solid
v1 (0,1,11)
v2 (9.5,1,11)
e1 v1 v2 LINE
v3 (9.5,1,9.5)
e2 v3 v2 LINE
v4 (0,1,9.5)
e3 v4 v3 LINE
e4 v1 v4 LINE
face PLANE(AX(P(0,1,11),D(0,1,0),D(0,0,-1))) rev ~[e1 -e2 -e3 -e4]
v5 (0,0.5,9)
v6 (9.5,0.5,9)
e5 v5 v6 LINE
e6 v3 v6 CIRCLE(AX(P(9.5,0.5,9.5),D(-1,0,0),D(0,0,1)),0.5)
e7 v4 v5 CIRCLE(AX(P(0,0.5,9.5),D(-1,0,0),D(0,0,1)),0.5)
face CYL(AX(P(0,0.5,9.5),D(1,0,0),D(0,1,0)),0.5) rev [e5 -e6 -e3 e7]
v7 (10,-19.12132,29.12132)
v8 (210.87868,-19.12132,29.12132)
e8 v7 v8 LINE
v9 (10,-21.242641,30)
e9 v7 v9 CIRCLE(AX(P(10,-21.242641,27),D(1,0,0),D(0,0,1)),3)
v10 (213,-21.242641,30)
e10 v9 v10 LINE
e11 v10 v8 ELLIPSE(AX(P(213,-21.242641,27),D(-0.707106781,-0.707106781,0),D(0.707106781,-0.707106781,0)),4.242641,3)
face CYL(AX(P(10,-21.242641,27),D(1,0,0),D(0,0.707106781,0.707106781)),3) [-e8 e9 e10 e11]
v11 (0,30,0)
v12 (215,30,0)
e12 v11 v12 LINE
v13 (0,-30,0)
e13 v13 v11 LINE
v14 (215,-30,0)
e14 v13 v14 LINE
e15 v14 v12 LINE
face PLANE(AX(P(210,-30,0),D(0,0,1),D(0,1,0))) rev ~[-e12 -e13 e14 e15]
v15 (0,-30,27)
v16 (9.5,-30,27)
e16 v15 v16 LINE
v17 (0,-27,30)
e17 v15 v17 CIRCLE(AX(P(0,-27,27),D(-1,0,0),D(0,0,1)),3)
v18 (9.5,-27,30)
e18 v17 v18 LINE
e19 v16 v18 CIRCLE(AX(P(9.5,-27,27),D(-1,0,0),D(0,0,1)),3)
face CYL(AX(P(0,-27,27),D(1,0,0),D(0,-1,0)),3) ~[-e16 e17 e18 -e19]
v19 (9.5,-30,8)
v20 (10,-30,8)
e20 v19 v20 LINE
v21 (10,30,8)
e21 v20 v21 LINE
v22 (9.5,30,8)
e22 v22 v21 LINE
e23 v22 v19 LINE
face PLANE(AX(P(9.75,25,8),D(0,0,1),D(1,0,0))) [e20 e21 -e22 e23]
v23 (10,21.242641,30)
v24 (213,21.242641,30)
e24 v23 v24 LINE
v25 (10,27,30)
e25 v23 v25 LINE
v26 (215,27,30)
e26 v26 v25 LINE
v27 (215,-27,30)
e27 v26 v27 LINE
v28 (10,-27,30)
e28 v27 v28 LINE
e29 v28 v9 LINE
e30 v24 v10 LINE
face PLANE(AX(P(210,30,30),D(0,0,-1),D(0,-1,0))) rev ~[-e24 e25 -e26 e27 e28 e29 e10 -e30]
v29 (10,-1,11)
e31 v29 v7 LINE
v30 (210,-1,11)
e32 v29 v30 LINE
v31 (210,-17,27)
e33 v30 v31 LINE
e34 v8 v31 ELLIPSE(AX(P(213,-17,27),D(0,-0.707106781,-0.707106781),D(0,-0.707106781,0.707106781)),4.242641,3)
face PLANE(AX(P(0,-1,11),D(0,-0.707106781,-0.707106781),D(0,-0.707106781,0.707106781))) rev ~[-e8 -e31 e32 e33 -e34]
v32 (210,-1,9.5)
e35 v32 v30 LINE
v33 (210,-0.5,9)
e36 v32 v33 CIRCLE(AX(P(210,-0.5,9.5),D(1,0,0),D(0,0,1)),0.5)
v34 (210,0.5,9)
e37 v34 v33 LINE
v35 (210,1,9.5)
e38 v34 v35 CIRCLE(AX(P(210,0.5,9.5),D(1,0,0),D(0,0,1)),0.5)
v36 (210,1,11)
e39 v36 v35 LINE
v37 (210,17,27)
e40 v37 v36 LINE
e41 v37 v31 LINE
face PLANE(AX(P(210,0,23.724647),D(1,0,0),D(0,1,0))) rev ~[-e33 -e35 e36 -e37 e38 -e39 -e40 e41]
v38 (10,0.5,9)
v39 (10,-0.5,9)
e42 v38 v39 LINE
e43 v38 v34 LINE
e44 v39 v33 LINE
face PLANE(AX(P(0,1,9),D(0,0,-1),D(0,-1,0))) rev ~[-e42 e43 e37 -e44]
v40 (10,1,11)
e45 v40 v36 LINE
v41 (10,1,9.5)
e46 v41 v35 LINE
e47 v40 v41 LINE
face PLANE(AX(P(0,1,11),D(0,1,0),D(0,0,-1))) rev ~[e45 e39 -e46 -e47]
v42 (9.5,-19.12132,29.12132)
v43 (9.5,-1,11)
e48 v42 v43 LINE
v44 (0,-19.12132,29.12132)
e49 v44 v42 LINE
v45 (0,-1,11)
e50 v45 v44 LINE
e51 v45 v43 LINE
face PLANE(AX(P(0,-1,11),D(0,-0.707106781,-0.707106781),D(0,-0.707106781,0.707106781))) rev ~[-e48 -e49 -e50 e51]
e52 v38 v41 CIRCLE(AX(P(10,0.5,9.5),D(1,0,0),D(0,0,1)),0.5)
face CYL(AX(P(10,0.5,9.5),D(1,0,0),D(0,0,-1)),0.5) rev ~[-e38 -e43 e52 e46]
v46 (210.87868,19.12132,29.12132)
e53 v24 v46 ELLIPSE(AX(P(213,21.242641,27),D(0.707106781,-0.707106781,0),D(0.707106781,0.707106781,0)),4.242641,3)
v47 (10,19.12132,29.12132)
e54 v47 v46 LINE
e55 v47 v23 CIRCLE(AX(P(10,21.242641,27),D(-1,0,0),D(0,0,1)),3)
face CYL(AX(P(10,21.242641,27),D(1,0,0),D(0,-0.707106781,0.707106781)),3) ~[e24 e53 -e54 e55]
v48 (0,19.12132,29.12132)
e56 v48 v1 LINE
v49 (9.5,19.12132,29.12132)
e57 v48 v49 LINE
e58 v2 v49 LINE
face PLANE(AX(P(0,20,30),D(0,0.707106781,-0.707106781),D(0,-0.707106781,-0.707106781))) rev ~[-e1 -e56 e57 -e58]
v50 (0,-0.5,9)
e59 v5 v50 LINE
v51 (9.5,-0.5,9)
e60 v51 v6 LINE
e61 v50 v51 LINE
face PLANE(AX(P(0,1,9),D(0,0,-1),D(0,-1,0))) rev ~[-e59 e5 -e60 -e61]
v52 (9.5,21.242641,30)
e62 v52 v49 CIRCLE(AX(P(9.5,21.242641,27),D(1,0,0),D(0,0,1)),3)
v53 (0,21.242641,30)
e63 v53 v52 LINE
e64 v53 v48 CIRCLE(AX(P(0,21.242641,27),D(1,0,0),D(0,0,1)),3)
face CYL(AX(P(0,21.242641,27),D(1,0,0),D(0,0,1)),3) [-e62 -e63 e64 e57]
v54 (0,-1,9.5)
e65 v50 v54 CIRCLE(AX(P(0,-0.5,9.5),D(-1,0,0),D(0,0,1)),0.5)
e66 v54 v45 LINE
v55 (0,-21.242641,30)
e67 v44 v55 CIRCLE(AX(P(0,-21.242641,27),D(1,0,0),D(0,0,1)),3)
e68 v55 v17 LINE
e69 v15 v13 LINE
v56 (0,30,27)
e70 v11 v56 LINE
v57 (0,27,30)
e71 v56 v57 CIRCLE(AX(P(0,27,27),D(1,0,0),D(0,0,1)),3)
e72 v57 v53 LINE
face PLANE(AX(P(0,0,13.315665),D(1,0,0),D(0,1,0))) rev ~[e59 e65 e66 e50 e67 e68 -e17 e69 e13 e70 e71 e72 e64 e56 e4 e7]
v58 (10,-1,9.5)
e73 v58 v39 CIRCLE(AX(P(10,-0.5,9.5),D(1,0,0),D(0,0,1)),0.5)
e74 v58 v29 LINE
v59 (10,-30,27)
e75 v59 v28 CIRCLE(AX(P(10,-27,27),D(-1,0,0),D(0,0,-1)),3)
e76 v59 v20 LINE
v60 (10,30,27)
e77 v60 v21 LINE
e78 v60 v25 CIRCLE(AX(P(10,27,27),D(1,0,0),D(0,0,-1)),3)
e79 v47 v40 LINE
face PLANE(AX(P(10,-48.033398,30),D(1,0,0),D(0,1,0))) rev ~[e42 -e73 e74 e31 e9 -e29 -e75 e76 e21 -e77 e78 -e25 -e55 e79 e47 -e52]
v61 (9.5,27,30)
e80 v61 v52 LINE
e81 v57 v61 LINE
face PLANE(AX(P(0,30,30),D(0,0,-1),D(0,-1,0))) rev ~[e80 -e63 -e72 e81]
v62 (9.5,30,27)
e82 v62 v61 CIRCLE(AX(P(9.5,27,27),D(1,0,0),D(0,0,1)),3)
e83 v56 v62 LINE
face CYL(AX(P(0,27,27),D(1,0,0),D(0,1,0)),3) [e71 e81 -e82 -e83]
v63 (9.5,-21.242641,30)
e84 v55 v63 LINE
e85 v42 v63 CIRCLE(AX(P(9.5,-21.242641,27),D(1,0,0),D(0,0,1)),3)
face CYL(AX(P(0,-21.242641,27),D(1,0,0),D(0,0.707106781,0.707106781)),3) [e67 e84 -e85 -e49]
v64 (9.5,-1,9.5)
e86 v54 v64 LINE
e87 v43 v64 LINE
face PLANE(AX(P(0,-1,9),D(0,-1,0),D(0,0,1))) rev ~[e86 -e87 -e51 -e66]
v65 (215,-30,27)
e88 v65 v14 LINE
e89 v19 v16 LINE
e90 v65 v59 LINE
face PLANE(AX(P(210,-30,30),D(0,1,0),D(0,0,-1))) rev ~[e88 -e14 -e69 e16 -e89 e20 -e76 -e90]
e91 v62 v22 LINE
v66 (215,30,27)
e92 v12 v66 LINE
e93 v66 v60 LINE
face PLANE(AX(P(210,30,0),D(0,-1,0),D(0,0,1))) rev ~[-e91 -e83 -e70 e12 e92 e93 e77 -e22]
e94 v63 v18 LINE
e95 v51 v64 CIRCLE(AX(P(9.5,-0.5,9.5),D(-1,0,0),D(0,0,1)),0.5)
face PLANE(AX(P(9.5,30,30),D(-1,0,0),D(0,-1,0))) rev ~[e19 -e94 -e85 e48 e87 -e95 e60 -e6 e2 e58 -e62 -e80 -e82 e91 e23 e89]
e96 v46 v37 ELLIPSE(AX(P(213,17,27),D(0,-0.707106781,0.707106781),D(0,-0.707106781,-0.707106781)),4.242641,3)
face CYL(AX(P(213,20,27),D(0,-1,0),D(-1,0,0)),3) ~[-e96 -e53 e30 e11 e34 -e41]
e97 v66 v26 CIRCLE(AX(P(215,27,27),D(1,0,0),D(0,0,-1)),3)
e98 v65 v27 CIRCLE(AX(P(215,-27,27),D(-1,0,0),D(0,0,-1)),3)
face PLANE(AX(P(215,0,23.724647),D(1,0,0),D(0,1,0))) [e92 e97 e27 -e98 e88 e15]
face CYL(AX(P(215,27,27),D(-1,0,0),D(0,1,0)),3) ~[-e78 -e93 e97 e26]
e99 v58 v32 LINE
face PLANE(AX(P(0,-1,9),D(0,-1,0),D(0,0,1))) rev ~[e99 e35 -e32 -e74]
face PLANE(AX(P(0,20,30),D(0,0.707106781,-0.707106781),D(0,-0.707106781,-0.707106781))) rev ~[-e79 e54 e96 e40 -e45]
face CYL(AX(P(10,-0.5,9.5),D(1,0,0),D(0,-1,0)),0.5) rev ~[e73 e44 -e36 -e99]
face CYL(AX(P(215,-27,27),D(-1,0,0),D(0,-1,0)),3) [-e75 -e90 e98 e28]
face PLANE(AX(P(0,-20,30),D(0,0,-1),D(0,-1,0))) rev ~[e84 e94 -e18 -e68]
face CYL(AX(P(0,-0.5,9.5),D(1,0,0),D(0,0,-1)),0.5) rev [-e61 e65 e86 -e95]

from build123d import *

# Parameters (mm, degrees)
F1_DEPTH = 210
F2_W     = 0.5
F2_H     = 10
F2_H_2   = 68.033398215
F3_DEPTH = 22
F4_R     = 0.5
F6_DEPTH = 5
F7_R     = 3


with BuildPart() as f1:
    # F0 (on Right) → F1 (new body)
    with BuildSketch(Plane.YZ):
        Polygon((30, 0), (30, 30), (20, 30), (1, 11), (1, 9), (-1, 9), (-1, 11), (-20, 30), (-30, 30), (-30, 0), align=None)
    extrude(amount=F1_DEPTH)

    # F2 (on face) → F3 (cut)
    with BuildSketch(Plane.XY.offset(30)):
        with Locations((9.75, 25)):
            Rectangle(F2_W, F2_H)
        with Locations((9.75, -14.0166991075)):
            Rectangle(F2_W, F2_H_2)
    extrude(amount=-F3_DEPTH, mode=Mode.SUBTRACT)

    # F4
    f4_edges = [f1.edges().sort_by_distance(p)[0] for p in [
        (110, -1, 9),
        (110, 1, 9),
        (4.75, -1, 9),
        (4.75, 1, 9),
    ]]
    fillet(f4_edges, radius=F4_R)

    # F5 (on face) → F6 (join)
    with BuildSketch(Plane.YZ.offset(210)):
        with BuildLine():
            Line((20, 30), (-20, 30))
            Line((-20, 30), (-1, 11))
            Line((-1, 11), (-1, 9.5))
            ThreePointArc((-1, 9.5), (-0.8535533906, 9.1464466094), (-0.5, 9))
            Line((-0.5, 9), (0.5, 9))
            ThreePointArc((0.5, 9), (0.8535533906, 9.1464466094), (1, 9.5))
            Line((1, 9.5), (1, 11))
            Line((1, 11), (20, 30))
        make_face()
        with BuildLine():
            Line((-30, 30), (-30, 0))
            Line((-30, 0), (30, 0))
            Line((30, 0), (30, 30))
            Line((30, 30), (20, 30))
            Line((20, 30), (1, 11))
            Line((1, 11), (1, 9.5))
            ThreePointArc((1, 9.5), (0.8535533906, 9.1464466094), (0.5, 9))
            Line((0.5, 9), (-0.5, 9))
            ThreePointArc((-0.5, 9), (-0.8535533906, 9.1464466094), (-1, 9.5))
            Line((-1, 9.5), (-1, 11))
            Line((-1, 11), (-20, 30))
            Line((-20, 30), (-30, 30))
        make_face()
    extrude(amount=F6_DEPTH)

    # F7
    f7_edges = [f1.edges().sort_by_distance(p)[0] for p in [
        (112.5, 30, 30),
        (4.75, 30, 30),
        (112.5, -30, 30),
        (4.75, -30, 30),
        (110, -20, 30),
        (4.75, -20, 30),
        (4.75, 20, 30),
        (110, 20, 30),
        (210, 0, 30),
    ]]
    fillet(f7_edges, radius=F7_R)


solid = f1.part
